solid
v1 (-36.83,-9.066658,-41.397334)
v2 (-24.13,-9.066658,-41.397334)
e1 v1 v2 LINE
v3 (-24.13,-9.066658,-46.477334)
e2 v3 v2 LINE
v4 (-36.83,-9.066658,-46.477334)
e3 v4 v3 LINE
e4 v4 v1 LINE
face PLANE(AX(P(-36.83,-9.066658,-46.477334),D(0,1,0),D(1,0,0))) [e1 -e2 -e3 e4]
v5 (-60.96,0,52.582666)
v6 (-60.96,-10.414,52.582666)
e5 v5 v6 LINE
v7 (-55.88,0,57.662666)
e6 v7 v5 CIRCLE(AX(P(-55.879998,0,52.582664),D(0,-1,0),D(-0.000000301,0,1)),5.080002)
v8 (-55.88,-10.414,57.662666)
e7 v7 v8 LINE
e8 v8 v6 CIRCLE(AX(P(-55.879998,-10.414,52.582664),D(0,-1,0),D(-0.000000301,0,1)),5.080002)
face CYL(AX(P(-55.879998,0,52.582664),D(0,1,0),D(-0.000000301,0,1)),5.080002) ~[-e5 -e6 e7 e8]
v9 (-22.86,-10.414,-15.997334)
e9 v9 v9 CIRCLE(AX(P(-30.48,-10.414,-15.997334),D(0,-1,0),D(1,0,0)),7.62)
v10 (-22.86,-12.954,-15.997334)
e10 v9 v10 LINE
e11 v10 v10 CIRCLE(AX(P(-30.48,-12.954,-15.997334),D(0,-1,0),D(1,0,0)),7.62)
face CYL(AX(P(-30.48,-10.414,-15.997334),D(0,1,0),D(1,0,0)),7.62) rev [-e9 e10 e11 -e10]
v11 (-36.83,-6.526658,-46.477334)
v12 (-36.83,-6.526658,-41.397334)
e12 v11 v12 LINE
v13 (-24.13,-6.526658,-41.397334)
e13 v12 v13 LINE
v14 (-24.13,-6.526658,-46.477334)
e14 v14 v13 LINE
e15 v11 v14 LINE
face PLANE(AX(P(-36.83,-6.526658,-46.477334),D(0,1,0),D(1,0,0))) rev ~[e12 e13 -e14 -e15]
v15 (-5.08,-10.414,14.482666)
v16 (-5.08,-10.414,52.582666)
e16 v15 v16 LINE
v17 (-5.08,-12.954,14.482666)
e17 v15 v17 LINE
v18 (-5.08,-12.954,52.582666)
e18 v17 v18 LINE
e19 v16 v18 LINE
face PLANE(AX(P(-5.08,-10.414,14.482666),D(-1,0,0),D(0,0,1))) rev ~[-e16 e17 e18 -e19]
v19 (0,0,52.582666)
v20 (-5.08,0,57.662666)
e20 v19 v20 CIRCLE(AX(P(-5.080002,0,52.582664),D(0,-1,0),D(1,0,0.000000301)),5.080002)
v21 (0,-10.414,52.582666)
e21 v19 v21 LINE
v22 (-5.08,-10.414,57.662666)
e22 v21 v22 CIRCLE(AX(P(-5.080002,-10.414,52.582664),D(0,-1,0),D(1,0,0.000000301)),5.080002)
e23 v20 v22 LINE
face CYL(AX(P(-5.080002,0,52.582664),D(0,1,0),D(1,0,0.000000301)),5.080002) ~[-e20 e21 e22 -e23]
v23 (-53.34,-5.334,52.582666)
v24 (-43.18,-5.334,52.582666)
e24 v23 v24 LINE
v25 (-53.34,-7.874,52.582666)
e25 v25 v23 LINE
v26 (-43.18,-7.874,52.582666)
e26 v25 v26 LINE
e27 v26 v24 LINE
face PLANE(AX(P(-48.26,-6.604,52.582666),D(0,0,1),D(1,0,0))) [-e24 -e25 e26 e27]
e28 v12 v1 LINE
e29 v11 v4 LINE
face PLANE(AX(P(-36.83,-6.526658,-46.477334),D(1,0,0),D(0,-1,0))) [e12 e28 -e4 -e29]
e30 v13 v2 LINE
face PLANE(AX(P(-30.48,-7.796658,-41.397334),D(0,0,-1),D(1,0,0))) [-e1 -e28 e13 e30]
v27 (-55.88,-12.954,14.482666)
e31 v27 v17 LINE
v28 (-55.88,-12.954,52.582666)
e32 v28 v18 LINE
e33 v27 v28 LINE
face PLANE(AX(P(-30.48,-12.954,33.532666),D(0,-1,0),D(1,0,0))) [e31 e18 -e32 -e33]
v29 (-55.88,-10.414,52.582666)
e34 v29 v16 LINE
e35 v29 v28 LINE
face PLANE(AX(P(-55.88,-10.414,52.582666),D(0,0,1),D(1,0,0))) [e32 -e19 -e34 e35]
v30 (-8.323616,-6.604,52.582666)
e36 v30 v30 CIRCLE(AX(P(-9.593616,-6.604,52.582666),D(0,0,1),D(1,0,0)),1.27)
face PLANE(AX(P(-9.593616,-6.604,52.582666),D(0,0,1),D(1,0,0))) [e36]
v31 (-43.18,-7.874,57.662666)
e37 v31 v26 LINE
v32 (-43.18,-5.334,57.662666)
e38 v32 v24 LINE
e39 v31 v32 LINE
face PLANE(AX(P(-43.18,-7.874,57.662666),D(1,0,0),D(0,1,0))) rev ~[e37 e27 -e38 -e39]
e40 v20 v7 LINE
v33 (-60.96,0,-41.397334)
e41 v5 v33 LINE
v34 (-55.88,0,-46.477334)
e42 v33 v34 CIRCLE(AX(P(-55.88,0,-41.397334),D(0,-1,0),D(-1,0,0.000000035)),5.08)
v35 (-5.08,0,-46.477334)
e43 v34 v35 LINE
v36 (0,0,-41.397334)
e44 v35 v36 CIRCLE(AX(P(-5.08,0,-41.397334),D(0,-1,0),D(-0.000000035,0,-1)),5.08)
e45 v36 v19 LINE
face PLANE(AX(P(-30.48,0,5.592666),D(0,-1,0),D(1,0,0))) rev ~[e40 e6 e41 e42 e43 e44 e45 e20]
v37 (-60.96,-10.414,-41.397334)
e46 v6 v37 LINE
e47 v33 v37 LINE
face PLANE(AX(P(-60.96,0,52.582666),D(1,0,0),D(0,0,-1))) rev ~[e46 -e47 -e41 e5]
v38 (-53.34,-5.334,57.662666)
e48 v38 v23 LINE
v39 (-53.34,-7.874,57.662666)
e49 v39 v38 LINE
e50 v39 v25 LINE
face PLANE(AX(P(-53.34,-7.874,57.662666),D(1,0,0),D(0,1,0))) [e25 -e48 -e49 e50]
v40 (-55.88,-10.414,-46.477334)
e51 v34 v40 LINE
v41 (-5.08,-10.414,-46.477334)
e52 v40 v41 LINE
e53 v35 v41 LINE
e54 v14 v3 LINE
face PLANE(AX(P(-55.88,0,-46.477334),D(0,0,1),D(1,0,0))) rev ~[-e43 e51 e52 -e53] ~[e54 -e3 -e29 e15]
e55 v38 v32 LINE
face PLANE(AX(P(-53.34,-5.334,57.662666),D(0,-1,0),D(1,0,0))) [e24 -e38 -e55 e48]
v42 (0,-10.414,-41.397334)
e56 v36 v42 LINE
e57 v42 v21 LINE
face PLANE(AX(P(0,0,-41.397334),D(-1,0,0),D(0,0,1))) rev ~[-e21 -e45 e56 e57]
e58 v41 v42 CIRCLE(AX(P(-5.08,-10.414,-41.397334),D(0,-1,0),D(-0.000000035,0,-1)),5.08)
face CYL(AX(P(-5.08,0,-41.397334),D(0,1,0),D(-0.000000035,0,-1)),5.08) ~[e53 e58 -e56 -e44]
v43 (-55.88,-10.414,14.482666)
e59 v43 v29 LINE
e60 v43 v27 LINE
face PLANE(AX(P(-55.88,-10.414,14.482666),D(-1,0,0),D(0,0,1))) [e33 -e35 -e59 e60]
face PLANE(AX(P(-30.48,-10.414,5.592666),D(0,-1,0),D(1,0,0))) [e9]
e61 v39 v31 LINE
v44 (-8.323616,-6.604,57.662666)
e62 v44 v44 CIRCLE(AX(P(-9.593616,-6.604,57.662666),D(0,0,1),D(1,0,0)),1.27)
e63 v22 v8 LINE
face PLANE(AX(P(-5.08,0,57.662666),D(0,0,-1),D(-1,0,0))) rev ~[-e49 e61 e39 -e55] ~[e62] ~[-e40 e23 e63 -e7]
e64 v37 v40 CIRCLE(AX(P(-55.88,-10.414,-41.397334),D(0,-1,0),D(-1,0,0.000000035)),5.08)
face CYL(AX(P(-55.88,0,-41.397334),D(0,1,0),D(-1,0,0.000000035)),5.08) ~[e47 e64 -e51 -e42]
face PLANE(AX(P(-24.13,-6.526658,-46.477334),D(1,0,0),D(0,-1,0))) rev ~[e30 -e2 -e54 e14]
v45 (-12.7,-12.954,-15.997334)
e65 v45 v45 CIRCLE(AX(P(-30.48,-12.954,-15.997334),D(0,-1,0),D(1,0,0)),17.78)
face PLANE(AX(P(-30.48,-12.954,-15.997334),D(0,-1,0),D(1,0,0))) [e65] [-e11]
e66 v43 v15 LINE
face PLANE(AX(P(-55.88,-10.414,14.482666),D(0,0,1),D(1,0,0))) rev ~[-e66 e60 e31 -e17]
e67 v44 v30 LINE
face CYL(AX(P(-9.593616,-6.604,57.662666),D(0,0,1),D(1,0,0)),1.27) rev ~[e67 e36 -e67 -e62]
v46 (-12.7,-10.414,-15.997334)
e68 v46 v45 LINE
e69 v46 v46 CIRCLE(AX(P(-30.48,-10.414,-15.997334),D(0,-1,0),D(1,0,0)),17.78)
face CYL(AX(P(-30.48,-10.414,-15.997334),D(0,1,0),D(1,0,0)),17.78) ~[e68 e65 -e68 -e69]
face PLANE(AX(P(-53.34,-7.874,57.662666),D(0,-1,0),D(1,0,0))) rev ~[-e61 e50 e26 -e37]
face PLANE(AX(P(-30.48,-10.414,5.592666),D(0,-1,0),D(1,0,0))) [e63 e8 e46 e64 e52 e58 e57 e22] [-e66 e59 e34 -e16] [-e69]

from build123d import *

# Parameters (mm, degrees)
F1_DEPTH = 10.414
F2_W     = 50.8
F2_H     = 38.1
F2_R     = 17.78
F2_R_2   = 7.62
F3_DEPTH = 2.54
F4_W     = 10.16
F4_H     = 2.54
F4_R     = 1.27
F5_DEPTH = 5.08
F6_W     = 12.7
F6_H     = 2.54
F7_DEPTH = 5.08


with BuildPart() as f1:
    # F0 (on Front) → F1 (new body)
    with BuildSketch(Plane.XZ):
        with BuildLine():
            Line((-5.08, 57.662666), (-55.88, 57.662666))
            ThreePointArc((-55.88, 57.662666), (-59.472102, 56.174768), (-60.96, 52.582666))
            Line((-60.96, 52.582666), (-60.96, -41.397334))
            ThreePointArc((-60.96, -41.397334), (-59.472102, -44.989437), (-55.88, -46.477334))
            Line((-55.88, -46.477334), (-5.08, -46.477334))
            ThreePointArc((-5.08, -46.477334), (-1.487898, -44.989437), (0, -41.397334))
            Line((0, -41.397334), (0, 52.582666))
            ThreePointArc((0, 52.582666), (-1.487898, 56.174768), (-5.08, 57.662666))
        make_face()
    extrude(amount=F1_DEPTH)

    # F2 (on face) → F3 (join)
    with BuildSketch(Plane.XZ.offset(10.414)):
        with Locations((-30.48, 33.532666)):
            Rectangle(F2_W, F2_H)
        with Locations((-30.48, -15.997334)):
            Circle(F2_R)
        with Locations((-30.48, -15.997334)):
            Circle(F2_R_2, mode=Mode.SUBTRACT)
    extrude(amount=F3_DEPTH)

    # F4 (on face) → F5 (cut)
    with BuildSketch(Plane.XY.offset(57.662666)):
        with Locations((-48.26, -6.604)):
            Rectangle(F4_W, F4_H)
        with Locations((-9.593616, -6.604)):
            Circle(F4_R)
    extrude(amount=-F5_DEPTH, mode=Mode.SUBTRACT)

    # F6 (on face) → F7 (cut)
    with BuildSketch(Plane(origin=(0, 0, -46.477334), x_dir=(1, 0, 0), z_dir=(0, 0, -1))):
        with Locations((-30.48, 7.796658)):
            Rectangle(F6_W, F6_H)
    extrude(amount=-F7_DEPTH, mode=Mode.SUBTRACT)


solid = f1.part
